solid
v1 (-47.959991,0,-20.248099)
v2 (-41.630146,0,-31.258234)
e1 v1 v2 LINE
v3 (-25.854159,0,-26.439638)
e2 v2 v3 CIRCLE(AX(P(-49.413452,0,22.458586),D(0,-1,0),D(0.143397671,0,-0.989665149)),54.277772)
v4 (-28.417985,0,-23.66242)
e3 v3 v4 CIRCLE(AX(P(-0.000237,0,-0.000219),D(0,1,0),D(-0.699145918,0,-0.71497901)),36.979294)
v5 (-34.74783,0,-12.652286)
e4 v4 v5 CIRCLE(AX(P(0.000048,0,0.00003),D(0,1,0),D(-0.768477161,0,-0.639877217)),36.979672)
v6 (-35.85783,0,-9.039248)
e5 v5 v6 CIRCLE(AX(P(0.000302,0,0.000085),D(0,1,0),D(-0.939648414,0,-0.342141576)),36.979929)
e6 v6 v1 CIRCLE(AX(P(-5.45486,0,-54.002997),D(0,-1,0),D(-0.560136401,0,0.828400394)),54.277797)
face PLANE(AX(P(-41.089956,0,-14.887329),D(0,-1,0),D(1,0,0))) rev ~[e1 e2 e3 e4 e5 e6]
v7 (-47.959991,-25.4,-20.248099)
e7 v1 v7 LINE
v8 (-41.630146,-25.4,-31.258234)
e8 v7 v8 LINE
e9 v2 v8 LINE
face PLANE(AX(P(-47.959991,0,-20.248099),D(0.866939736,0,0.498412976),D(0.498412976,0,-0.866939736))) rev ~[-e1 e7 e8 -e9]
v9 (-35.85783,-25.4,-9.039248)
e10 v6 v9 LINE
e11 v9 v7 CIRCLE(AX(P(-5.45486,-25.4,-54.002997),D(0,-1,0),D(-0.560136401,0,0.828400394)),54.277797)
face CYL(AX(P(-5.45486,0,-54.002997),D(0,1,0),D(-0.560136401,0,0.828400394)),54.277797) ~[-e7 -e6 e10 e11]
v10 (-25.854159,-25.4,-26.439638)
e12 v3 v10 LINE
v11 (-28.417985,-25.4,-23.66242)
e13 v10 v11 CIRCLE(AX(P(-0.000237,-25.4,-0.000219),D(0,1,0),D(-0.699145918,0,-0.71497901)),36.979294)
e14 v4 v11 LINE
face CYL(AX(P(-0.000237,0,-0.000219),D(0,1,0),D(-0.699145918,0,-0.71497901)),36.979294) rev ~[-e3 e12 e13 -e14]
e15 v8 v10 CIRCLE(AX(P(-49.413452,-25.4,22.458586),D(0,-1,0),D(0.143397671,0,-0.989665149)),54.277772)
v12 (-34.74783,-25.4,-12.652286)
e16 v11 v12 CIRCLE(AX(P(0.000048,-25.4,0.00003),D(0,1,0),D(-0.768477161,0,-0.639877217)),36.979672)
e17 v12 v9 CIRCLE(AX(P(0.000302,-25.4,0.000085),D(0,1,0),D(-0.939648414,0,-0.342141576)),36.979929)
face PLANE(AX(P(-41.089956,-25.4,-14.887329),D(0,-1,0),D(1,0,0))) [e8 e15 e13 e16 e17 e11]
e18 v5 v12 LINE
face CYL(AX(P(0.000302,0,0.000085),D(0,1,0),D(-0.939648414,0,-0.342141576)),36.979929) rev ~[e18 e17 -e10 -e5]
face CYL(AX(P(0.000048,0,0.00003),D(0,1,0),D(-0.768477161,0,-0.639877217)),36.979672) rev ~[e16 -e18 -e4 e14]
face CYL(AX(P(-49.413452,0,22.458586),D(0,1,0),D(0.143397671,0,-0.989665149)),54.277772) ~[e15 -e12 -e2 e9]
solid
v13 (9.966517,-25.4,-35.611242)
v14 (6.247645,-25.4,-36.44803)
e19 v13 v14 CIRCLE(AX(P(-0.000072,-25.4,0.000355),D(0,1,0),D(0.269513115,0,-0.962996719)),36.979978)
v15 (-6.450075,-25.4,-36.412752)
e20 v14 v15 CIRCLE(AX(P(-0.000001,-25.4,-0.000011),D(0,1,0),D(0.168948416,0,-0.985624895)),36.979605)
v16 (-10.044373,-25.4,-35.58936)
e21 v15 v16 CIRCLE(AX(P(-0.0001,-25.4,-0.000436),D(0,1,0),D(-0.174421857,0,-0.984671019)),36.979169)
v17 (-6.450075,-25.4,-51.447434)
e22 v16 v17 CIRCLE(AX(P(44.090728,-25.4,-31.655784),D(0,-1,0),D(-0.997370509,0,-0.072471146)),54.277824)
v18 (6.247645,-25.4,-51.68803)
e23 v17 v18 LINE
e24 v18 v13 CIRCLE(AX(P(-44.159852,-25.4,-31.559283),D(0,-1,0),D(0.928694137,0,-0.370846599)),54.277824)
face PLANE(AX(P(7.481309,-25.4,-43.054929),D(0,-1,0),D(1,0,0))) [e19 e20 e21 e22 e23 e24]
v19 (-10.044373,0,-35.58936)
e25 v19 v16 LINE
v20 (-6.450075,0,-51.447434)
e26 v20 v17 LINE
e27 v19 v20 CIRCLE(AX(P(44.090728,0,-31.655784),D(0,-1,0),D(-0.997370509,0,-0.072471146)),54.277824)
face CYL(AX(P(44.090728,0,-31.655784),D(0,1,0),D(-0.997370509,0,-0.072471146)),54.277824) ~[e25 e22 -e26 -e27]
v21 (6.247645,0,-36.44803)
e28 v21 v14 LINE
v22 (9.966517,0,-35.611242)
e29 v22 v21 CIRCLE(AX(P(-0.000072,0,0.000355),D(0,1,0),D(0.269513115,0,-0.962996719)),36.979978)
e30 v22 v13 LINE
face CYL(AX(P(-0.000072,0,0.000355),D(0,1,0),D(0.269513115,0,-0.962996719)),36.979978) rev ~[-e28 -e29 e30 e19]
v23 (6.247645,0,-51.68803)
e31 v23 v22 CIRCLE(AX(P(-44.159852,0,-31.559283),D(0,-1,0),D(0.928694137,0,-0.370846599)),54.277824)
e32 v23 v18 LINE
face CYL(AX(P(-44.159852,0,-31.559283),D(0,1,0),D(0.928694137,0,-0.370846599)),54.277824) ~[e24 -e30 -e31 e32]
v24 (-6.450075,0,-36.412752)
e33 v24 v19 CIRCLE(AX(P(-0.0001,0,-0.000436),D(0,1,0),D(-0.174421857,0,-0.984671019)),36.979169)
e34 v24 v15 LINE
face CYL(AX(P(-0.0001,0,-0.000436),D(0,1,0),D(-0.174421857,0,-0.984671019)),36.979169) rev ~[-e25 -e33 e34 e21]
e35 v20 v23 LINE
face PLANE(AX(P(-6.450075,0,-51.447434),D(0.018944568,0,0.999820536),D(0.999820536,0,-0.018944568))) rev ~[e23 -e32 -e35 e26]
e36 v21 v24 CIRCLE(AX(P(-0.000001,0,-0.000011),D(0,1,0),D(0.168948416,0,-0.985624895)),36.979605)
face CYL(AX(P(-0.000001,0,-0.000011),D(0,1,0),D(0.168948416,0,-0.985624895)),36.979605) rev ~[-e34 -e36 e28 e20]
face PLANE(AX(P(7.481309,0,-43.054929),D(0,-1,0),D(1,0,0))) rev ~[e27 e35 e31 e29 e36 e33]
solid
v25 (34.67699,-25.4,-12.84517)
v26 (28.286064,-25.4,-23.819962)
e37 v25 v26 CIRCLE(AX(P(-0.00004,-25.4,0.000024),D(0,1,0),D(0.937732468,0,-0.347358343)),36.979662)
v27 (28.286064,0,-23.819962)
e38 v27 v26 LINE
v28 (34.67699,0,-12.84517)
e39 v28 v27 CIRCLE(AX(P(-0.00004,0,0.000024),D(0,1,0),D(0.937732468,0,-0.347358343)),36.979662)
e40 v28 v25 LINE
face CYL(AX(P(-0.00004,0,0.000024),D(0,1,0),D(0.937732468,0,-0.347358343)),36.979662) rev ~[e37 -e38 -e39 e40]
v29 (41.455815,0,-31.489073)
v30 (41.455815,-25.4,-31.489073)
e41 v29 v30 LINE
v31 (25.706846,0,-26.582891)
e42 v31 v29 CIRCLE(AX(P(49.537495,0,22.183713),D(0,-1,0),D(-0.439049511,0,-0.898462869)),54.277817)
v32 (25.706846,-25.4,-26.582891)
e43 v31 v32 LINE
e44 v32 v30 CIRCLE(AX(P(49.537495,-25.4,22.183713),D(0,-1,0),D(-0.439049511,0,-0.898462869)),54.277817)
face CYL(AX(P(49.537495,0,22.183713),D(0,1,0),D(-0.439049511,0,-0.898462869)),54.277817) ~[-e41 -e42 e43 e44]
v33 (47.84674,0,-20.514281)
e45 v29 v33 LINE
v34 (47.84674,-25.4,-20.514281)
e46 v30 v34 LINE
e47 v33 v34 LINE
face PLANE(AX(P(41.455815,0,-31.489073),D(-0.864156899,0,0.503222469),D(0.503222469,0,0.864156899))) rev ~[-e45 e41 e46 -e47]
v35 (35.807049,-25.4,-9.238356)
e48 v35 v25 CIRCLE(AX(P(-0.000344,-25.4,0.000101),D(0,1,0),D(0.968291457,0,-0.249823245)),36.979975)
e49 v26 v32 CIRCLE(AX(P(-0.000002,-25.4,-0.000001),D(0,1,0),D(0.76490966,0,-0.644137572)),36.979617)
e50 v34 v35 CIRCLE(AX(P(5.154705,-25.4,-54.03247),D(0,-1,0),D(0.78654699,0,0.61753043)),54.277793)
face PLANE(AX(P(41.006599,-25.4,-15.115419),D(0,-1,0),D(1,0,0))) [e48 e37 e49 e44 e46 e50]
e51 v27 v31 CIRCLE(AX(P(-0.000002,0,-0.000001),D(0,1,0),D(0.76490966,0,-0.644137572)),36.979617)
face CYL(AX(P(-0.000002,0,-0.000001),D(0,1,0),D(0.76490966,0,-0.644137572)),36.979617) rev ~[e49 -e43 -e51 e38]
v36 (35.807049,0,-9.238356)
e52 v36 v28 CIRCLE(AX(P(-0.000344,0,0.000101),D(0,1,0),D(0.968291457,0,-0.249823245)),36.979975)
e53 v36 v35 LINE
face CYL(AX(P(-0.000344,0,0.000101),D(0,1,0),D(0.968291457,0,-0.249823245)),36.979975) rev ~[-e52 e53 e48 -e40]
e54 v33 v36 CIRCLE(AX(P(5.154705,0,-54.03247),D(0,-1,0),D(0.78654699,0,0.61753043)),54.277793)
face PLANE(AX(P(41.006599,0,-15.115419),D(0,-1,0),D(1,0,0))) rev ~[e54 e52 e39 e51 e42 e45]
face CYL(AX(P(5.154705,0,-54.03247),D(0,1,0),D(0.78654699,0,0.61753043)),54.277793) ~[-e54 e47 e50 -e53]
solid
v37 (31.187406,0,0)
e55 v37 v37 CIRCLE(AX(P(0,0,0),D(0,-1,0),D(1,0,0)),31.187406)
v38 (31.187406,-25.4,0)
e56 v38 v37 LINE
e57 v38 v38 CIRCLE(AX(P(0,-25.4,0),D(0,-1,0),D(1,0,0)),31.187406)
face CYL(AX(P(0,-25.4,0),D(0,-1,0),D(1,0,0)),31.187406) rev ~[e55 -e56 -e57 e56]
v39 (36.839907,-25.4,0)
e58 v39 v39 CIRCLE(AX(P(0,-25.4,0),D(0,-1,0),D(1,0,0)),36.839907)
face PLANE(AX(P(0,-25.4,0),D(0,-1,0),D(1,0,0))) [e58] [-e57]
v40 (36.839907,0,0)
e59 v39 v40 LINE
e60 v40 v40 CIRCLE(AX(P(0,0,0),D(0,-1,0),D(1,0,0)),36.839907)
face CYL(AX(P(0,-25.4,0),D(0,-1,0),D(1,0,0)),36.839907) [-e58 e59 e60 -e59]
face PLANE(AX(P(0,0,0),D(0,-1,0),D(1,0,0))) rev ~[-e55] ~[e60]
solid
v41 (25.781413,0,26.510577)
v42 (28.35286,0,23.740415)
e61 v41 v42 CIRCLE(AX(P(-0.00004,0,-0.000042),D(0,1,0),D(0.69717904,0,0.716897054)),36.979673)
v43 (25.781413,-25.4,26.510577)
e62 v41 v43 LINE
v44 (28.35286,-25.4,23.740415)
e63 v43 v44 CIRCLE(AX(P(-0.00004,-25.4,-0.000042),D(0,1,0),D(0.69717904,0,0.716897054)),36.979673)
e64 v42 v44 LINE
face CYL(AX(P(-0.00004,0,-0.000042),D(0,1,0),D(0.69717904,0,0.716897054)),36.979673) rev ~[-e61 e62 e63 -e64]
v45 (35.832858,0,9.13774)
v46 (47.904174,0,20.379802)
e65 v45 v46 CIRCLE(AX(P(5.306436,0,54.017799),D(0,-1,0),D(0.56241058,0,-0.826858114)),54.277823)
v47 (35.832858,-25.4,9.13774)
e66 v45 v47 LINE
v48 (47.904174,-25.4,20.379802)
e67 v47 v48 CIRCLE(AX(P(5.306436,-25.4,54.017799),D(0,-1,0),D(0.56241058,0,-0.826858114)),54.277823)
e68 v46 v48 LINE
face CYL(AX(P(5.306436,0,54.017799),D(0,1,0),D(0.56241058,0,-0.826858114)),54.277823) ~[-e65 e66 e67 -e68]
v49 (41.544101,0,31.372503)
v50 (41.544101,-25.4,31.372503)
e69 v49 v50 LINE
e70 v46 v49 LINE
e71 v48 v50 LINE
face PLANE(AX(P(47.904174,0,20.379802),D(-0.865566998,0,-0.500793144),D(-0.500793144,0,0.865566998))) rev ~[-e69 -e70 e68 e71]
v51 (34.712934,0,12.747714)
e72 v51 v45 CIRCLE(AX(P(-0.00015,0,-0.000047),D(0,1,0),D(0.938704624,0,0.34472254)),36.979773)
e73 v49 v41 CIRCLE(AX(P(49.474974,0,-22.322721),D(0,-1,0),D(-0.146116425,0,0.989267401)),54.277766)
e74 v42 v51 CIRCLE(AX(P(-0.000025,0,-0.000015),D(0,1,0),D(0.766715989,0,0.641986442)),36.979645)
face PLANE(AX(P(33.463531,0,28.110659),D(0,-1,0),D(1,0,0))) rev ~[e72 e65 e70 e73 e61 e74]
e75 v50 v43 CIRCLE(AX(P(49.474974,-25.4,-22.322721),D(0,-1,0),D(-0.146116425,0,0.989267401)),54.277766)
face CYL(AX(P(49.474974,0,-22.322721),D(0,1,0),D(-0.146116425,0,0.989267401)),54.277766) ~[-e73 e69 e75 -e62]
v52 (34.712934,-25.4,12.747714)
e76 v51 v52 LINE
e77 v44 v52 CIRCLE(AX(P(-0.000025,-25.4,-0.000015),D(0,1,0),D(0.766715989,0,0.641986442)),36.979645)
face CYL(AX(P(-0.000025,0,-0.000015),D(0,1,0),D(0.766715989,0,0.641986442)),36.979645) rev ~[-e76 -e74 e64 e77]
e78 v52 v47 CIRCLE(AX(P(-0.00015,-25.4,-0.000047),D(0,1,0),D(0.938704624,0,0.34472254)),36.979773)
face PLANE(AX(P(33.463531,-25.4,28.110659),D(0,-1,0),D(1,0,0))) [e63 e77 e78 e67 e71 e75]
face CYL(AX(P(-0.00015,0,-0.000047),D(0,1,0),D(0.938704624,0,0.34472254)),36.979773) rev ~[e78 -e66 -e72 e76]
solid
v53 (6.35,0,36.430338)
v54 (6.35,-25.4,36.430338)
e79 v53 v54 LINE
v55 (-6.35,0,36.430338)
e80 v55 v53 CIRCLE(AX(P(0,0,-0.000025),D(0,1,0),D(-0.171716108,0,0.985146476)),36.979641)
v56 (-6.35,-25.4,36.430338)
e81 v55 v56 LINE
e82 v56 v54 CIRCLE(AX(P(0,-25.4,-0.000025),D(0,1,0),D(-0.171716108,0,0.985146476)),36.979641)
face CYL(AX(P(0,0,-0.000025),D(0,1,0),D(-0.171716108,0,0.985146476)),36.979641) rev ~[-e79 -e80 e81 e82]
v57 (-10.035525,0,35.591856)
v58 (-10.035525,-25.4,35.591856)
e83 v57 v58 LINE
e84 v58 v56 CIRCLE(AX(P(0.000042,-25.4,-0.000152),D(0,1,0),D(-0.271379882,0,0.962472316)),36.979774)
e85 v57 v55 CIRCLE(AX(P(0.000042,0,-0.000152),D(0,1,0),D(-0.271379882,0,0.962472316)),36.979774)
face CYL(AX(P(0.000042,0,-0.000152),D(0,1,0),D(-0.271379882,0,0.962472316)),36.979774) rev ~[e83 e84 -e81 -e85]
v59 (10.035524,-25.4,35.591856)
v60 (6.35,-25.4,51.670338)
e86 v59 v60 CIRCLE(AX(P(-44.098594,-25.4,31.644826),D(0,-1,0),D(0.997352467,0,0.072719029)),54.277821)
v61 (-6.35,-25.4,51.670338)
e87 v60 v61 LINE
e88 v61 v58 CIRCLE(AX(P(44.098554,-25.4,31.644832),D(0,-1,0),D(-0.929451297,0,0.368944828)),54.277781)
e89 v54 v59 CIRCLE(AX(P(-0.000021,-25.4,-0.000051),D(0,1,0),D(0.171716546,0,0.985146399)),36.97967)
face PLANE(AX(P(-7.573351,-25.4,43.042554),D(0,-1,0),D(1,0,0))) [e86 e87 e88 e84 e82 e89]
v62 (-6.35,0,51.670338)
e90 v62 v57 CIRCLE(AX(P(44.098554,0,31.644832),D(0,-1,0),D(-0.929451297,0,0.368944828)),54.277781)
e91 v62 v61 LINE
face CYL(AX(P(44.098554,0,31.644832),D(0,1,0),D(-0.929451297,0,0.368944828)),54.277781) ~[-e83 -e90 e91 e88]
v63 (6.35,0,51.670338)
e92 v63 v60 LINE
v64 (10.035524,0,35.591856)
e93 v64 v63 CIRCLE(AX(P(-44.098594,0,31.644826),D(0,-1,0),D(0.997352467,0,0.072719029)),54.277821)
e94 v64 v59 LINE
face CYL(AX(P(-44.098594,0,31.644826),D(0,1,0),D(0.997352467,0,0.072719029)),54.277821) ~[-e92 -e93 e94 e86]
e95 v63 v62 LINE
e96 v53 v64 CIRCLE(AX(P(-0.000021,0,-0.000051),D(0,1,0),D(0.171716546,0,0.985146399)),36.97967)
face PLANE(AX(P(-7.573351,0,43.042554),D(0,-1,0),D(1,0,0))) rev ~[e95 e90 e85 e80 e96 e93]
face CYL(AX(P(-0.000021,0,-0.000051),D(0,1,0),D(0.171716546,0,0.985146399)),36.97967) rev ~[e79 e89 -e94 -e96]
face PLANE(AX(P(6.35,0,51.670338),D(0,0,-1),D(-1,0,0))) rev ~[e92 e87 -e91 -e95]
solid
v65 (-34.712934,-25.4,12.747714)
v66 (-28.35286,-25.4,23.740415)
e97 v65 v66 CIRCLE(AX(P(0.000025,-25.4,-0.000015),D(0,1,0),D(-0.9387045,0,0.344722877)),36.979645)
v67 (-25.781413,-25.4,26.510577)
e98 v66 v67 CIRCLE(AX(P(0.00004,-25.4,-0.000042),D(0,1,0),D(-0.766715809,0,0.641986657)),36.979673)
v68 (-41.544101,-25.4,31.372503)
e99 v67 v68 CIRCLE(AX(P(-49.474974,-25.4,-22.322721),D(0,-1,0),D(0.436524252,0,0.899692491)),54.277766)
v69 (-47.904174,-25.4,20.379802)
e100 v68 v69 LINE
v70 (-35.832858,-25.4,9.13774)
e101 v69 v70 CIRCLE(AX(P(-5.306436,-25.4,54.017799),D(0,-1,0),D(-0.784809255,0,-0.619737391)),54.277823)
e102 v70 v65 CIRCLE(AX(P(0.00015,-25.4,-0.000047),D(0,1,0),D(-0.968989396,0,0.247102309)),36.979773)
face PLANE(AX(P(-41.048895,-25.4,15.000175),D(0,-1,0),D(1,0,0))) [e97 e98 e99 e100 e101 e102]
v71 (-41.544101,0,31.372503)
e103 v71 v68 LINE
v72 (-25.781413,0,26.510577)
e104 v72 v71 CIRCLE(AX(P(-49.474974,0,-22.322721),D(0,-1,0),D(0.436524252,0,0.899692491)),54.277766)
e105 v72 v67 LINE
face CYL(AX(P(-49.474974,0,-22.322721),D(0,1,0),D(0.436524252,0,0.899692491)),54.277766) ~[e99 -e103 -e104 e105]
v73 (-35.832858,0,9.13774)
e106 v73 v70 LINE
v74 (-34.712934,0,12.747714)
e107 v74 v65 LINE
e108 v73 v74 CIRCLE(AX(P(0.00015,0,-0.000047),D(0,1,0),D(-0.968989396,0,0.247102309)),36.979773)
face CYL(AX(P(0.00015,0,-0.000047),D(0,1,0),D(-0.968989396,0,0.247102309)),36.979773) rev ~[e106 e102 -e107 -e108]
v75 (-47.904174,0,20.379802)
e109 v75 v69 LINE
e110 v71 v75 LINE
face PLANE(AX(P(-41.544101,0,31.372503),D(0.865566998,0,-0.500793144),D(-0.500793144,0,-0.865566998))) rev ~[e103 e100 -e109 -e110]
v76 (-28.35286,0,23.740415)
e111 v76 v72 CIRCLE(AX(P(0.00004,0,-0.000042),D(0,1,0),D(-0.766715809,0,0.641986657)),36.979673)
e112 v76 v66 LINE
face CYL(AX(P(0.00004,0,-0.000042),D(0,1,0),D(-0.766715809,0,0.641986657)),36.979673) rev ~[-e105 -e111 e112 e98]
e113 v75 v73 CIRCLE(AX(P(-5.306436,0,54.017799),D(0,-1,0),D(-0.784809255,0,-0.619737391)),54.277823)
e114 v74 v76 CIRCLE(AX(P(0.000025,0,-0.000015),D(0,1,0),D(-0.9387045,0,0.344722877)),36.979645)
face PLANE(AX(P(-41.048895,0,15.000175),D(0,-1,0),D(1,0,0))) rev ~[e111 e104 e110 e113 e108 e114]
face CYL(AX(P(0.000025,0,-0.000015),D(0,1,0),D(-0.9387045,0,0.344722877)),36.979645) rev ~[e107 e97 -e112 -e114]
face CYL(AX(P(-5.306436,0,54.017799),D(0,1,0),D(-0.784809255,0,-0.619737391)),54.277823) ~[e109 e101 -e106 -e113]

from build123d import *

# Parameters (mm, degrees)
F1_DEPTH = 25.4
F2_R     = 36.839907
F3_DEPTH = 25.4
F4_R     = 31.187406
F5_DEPTH = 44.704


with BuildPart() as f1:
    # F0 (on Front) → F1 (new body)
    with BuildSketch(Plane.XZ):
        with BuildLine():
            ThreePointArc((-10.035525, 35.591856), (-8.203482, 36.058215), (-6.35, 36.430338))
            Line((-6.35, 36.430338), (-6.35, 51.670338))
            ThreePointArc((-6.35, 51.670338), (-8.807128, 43.771922), (-10.035525, 35.591856))
        make_face()
        with BuildLine():
            ThreePointArc((-6.35, 36.430338), (0, 36.979616), (6.35, 36.430338))
            Line((6.35, 36.430338), (6.35, 51.670338))
            Line((6.35, 51.670338), (-6.35, 51.670338))
            Line((-6.35, 51.670338), (-6.35, 36.430338))
        make_face()
        with BuildLine():
            ThreePointArc((6.35, 36.430338), (8.203482, 36.058215), (10.035524, 35.591856))
            ThreePointArc((10.035524, 35.591856), (8.807127, 43.771922), (6.35, 51.670338))
            Line((6.35, 51.670338), (6.35, 36.430338))
        make_face()
        with BuildLine():
            ThreePointArc((25.781413, 26.510577), (27.102552, 25.158371), (28.35286, 23.740415))
            Line((28.35286, 23.740415), (41.544101, 31.372503))
            ThreePointArc((41.544101, 31.372503), (33.476981, 29.543839), (25.781413, 26.510577))
        make_face()
        with BuildLine():
            ThreePointArc((28.35286, 23.740415), (32.008334, 18.519139), (34.712934, 12.747714))
            Line((34.712934, 12.747714), (47.904174, 20.379802))
            Line((47.904174, 20.379802), (41.544101, 31.372503))
            Line((41.544101, 31.372503), (28.35286, 23.740415))
        make_face()
        with BuildLine():
            Line((47.904174, 20.379802), (34.712934, 12.747714))
            ThreePointArc((34.712934, 12.747714), (35.319048, 10.957045), (35.832858, 9.13774))
            ThreePointArc((35.832858, 9.13774), (42.29808, 14.297522), (47.904174, 20.379802))
        make_face()
        with BuildLine():
            ThreePointArc((47.84674, -20.514281), (42.257752, -14.416277), (35.807049, -9.238356))
            ThreePointArc((35.807049, -9.238356), (35.288131, -11.05621), (34.67699, -12.84517))
            Line((34.67699, -12.84517), (47.84674, -20.514281))
        make_face()
        with BuildLine():
            Line((47.84674, -20.514281), (34.67699, -12.84517))
            ThreePointArc((34.67699, -12.84517), (31.956189, -18.608975), (28.286064, -23.819962))
            Line((28.286064, -23.819962), (41.455815, -31.489073))
            Line((41.455815, -31.489073), (47.84674, -20.514281))
        make_face()
        with BuildLine():
            Line((41.455815, -31.489073), (28.286064, -23.819962))
            ThreePointArc((28.286064, -23.819962), (27.031778, -25.234401), (25.706846, -26.582891))
            ThreePointArc((25.706846, -26.582891), (33.393863, -29.637756), (41.455815, -31.489073))
        make_face()
        with BuildLine():
            ThreePointArc((6.247645, -51.68803), (8.721601, -43.791786), (9.966517, -35.611242))
            ThreePointArc((9.966517, -35.611242), (8.11787, -36.077585), (6.247645, -36.44803))
            Line((6.247645, -36.44803), (6.247645, -51.68803))
        make_face()
        with BuildLine():
            ThreePointArc((-6.450075, -36.412752), (-8.257493, -36.045885), (-10.044373, -35.58936))
            ThreePointArc((-10.044373, -35.58936), (-8.844429, -43.653756), (-6.450075, -51.447434))
            Line((-6.450075, -51.447434), (-6.450075, -36.412752))
        make_face()
        with BuildLine():
            Line((6.247645, -51.68803), (6.247645, -36.44803))
            ThreePointArc((6.247645, -36.44803), (-0.102741, -36.979473), (-6.450075, -36.412752))
            Line((-6.450075, -36.412752), (-6.450075, -51.447434))
            Line((-6.450075, -51.447434), (6.247645, -51.68803))
        make_face()
        with BuildLine():
            ThreePointArc((-34.74783, -12.652286), (-35.349021, -10.859958), (-35.85783, -9.039248))
            ThreePointArc((-35.85783, -9.039248), (-42.337205, -14.181245), (-47.959991, -20.248099))
            Line((-47.959991, -20.248099), (-34.74783, -12.652286))
        make_face()
        with BuildLine():
            ThreePointArc((-41.630146, -31.258234), (-33.558032, -29.451743), (-25.854159, -26.439638))
            ThreePointArc((-25.854159, -26.439638), (-27.171578, -25.083807), (-28.417985, -23.66242))
            Line((-28.417985, -23.66242), (-41.630146, -31.258234))
        make_face()
        with BuildLine():
            ThreePointArc((-28.417985, -23.66242), (-32.059098, -18.43112), (-34.74783, -12.652286))
            Line((-34.74783, -12.652286), (-47.959991, -20.248099))
            Line((-47.959991, -20.248099), (-41.630146, -31.258234))
            Line((-41.630146, -31.258234), (-28.417985, -23.66242))
        make_face()
        with BuildLine():
            ThreePointArc((-47.904174, 20.379802), (-42.29808, 14.297522), (-35.832858, 9.13774))
            ThreePointArc((-35.832858, 9.13774), (-35.319048, 10.957045), (-34.712934, 12.747714))
            Line((-34.712934, 12.747714), (-47.904174, 20.379802))
        make_face()
        with BuildLine():
            ThreePointArc((-28.35286, 23.740415), (-27.102552, 25.158371), (-25.781413, 26.510577))
            ThreePointArc((-25.781413, 26.510577), (-33.476981, 29.543839), (-41.544101, 31.372503))
            Line((-41.544101, 31.372503), (-28.35286, 23.740415))
        make_face()
        with BuildLine():
            ThreePointArc((-34.712934, 12.747714), (-32.008334, 18.519139), (-28.35286, 23.740415))
            Line((-28.35286, 23.740415), (-41.544101, 31.372503))
            Line((-41.544101, 31.372503), (-47.904174, 20.379802))
            Line((-47.904174, 20.379802), (-34.712934, 12.747714))
        make_face()
    extrude(amount=F1_DEPTH)


with BuildPart() as f3:
    # F2 (on face) → F3 (new body)
    with BuildSketch(Plane.XZ.offset(25.4)):
        Circle(F2_R)
    extrude(amount=-F3_DEPTH)

    # F4 (on face) → F5 (cut)
    with BuildSketch(Plane.XZ.offset(25.4)):
        Circle(F4_R)
    extrude(amount=-F5_DEPTH, mode=Mode.SUBTRACT)


solid = Compound([f1.part, f3.part])
